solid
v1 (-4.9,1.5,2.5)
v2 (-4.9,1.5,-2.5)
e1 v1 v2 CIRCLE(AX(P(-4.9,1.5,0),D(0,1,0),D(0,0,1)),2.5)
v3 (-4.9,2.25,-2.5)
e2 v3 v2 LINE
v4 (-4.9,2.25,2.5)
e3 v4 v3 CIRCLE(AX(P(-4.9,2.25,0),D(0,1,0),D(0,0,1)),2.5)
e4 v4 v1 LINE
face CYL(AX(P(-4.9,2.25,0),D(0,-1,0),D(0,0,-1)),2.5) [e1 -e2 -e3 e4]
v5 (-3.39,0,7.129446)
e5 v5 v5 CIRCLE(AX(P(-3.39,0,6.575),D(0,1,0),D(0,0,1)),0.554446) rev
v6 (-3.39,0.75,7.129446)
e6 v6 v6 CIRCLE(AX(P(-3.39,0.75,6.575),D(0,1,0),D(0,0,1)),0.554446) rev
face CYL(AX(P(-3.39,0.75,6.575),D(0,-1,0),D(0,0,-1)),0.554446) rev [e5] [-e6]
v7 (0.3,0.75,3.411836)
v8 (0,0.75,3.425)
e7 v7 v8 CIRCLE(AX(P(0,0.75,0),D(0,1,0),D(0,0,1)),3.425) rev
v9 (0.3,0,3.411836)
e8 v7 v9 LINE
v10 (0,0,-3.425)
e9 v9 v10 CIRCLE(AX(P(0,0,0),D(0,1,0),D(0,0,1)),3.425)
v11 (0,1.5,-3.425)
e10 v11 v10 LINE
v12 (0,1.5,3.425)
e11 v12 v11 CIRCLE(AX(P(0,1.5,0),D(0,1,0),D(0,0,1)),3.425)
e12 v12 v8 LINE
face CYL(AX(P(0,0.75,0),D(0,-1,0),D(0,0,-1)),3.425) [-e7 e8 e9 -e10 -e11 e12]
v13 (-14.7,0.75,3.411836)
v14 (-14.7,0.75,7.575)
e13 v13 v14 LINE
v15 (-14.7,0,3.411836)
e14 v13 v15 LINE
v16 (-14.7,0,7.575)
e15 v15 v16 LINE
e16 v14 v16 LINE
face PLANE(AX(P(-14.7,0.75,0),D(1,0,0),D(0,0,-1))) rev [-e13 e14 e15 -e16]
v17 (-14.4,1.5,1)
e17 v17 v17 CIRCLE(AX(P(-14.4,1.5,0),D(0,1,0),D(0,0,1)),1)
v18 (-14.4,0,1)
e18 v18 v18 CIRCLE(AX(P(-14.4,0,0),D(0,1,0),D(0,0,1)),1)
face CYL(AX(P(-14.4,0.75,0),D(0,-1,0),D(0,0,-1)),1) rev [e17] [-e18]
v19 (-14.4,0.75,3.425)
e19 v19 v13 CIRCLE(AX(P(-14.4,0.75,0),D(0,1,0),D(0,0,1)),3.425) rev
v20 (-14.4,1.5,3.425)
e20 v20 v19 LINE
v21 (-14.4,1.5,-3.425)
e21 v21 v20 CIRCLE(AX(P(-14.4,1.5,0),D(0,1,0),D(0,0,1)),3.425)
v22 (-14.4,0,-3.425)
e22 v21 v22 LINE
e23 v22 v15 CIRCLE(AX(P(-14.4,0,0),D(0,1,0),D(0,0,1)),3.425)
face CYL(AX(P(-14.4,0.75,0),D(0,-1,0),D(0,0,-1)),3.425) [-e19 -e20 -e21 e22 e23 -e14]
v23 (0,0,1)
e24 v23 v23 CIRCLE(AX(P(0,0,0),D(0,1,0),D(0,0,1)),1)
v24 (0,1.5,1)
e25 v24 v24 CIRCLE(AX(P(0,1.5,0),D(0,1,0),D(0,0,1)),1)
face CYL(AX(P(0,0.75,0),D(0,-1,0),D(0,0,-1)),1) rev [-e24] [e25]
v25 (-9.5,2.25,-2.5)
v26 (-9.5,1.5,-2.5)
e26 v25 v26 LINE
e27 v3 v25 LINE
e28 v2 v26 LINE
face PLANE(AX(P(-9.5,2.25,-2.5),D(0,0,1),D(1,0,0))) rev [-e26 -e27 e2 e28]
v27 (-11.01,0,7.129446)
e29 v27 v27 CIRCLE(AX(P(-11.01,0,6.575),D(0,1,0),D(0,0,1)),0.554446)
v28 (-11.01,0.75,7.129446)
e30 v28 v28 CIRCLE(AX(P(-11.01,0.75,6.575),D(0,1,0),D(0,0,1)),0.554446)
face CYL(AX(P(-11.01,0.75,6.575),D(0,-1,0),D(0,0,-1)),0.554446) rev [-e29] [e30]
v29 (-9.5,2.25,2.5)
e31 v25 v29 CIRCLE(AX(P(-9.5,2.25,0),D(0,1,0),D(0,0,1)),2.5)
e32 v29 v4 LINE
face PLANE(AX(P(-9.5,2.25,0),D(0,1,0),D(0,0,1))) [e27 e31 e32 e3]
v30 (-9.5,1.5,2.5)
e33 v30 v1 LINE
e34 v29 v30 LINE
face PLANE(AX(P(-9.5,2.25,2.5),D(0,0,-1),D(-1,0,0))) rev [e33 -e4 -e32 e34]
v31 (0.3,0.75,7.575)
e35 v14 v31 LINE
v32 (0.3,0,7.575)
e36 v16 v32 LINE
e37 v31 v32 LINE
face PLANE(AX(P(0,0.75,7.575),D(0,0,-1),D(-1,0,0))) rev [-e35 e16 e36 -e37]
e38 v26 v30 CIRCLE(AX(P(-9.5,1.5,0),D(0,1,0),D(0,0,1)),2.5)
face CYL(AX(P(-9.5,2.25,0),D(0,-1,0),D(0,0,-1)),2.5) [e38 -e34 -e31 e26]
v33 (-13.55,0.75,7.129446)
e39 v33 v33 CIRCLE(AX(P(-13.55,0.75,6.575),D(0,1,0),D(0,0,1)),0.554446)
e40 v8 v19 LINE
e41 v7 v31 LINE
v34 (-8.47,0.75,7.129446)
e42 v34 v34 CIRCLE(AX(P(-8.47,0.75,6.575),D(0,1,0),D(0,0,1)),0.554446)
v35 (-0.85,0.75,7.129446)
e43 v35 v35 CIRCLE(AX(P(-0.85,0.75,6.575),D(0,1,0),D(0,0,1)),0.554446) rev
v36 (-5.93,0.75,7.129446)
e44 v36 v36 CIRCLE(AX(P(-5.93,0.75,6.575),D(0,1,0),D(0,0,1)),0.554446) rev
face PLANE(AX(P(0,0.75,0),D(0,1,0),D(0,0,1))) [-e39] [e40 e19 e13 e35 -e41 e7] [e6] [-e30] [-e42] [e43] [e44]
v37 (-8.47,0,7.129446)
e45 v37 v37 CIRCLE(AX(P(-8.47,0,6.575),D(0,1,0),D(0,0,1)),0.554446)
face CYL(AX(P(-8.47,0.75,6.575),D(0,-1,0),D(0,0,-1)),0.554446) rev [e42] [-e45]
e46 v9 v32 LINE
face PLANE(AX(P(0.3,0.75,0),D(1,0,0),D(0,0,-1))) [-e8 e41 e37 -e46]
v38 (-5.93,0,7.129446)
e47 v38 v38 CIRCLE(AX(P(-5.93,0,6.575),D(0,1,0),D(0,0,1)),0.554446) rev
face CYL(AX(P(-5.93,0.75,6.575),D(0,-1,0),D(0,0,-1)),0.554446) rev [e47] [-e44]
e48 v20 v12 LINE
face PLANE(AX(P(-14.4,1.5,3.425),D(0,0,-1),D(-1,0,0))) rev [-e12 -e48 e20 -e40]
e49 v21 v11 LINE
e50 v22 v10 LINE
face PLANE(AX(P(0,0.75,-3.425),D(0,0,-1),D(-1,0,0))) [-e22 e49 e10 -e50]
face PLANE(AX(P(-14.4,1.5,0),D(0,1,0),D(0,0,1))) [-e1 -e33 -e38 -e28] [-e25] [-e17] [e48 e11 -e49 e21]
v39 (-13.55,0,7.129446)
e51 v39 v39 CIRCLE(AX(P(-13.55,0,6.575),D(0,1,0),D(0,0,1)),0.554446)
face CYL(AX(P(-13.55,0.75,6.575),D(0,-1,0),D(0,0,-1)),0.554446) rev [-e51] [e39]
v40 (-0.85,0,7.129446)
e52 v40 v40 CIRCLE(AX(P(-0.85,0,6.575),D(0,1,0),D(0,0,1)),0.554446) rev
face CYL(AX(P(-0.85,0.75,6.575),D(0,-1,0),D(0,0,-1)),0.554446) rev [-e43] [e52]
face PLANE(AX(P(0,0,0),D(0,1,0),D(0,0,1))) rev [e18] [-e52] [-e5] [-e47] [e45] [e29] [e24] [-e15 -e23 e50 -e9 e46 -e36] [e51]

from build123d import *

# Parameters (mm, degrees)
SKETCH_2_R      = 1
SKETCH_2_R_2    = 0.554445532
EXTRUDE_3_DEPTH = 0.75
SKETCH_2_5_R    = 1
EXTRUDE_4_DEPTH = 1.5
EXTRUDE_5_DEPTH = 0.75


with BuildPart() as part:
    # 草图2 → 凸台-拉伸3 (new body)
    with BuildSketch(Plane(origin=(0, 0, 0), x_dir=(1, 0, 0), z_dir=(0, 1, 0))):
        with BuildLine():
            Line((0, 3.425), (-14.4, 3.425))
            ThreePointArc((-14.4, 3.425), (-17.821707421, 0.150144339), (-14.7, -3.411836016))
            Line((-14.7, -3.411836016), (-14.7, -7.575))
            Line((-14.7, -7.575), (0.3, -7.575))
            Line((0.3, -7.575), (0.3, -3.411836016))
            ThreePointArc((0.3, -3.411836016), (3.421707421, 0.150144339), (0, 3.425))
        make_face()
        with Locations((-14.4, 0)):
            Circle(SKETCH_2_R, mode=Mode.SUBTRACT)
        Circle(SKETCH_2_R, mode=Mode.SUBTRACT)
        with Locations((-5.93, -6.575)):
            Circle(SKETCH_2_R_2, mode=Mode.SUBTRACT)
        with Locations((-3.39, -6.575)):
            Circle(SKETCH_2_R_2, mode=Mode.SUBTRACT)
        with Locations((-0.85, -6.575)):
            Circle(SKETCH_2_R_2, mode=Mode.SUBTRACT)
        with Locations((-13.55, -6.575)):
            Circle(SKETCH_2_R_2, mode=Mode.SUBTRACT)
        with Locations((-11.01, -6.575)):
            Circle(SKETCH_2_R_2, mode=Mode.SUBTRACT)
        with Locations((-8.47, -6.575)):
            Circle(SKETCH_2_R_2, mode=Mode.SUBTRACT)
    extrude(amount=EXTRUDE_3_DEPTH)

    # 草图2<5> → 凸台-拉伸4 (add)
    with BuildSketch(Plane(origin=(0, 0, 0), x_dir=(1, 0, 0), z_dir=(0, 1, 0))):
        with BuildLine():
            Line((0, 3.425), (-14.4, 3.425))
            ThreePointArc((-14.4, 3.425), (-17.821707421, 0.150144339), (-14.7, -3.411836016))
            ThreePointArc((-14.7, -3.411836016), (-14.550144339, -3.421707421), (-14.4, -3.425))
            Line((-14.4, -3.425), (0, -3.425))
            ThreePointArc((0, -3.425), (0.150144339, -3.421707421), (0.3, -3.411836016))
            ThreePointArc((0.3, -3.411836016), (3.421707421, 0.150144339), (0, 3.425))
        make_face()
        with Locations((-14.4, 0)):
            Circle(SKETCH_2_5_R, mode=Mode.SUBTRACT)
        Circle(SKETCH_2_5_R, mode=Mode.SUBTRACT)
    extrude(amount=EXTRUDE_4_DEPTH)

    # 草图3 → 凸台-拉伸5 (add)
    with BuildSketch(Plane(origin=(0, 1.5, 0), x_dir=(1, 0, 0), z_dir=(0, 1, 0))):
        with BuildLine():
            Line((-9.5, 2.5), (-4.9, 2.5))
            ThreePointArc((-4.9, 2.5), (-2.4, 0), (-4.9, -2.5))
            Line((-4.9, -2.5), (-9.5, -2.5))
            ThreePointArc((-9.5, -2.5), (-12, 0), (-9.5, 2.5))
        make_face()
    extrude(amount=EXTRUDE_5_DEPTH)


solid = part.part
